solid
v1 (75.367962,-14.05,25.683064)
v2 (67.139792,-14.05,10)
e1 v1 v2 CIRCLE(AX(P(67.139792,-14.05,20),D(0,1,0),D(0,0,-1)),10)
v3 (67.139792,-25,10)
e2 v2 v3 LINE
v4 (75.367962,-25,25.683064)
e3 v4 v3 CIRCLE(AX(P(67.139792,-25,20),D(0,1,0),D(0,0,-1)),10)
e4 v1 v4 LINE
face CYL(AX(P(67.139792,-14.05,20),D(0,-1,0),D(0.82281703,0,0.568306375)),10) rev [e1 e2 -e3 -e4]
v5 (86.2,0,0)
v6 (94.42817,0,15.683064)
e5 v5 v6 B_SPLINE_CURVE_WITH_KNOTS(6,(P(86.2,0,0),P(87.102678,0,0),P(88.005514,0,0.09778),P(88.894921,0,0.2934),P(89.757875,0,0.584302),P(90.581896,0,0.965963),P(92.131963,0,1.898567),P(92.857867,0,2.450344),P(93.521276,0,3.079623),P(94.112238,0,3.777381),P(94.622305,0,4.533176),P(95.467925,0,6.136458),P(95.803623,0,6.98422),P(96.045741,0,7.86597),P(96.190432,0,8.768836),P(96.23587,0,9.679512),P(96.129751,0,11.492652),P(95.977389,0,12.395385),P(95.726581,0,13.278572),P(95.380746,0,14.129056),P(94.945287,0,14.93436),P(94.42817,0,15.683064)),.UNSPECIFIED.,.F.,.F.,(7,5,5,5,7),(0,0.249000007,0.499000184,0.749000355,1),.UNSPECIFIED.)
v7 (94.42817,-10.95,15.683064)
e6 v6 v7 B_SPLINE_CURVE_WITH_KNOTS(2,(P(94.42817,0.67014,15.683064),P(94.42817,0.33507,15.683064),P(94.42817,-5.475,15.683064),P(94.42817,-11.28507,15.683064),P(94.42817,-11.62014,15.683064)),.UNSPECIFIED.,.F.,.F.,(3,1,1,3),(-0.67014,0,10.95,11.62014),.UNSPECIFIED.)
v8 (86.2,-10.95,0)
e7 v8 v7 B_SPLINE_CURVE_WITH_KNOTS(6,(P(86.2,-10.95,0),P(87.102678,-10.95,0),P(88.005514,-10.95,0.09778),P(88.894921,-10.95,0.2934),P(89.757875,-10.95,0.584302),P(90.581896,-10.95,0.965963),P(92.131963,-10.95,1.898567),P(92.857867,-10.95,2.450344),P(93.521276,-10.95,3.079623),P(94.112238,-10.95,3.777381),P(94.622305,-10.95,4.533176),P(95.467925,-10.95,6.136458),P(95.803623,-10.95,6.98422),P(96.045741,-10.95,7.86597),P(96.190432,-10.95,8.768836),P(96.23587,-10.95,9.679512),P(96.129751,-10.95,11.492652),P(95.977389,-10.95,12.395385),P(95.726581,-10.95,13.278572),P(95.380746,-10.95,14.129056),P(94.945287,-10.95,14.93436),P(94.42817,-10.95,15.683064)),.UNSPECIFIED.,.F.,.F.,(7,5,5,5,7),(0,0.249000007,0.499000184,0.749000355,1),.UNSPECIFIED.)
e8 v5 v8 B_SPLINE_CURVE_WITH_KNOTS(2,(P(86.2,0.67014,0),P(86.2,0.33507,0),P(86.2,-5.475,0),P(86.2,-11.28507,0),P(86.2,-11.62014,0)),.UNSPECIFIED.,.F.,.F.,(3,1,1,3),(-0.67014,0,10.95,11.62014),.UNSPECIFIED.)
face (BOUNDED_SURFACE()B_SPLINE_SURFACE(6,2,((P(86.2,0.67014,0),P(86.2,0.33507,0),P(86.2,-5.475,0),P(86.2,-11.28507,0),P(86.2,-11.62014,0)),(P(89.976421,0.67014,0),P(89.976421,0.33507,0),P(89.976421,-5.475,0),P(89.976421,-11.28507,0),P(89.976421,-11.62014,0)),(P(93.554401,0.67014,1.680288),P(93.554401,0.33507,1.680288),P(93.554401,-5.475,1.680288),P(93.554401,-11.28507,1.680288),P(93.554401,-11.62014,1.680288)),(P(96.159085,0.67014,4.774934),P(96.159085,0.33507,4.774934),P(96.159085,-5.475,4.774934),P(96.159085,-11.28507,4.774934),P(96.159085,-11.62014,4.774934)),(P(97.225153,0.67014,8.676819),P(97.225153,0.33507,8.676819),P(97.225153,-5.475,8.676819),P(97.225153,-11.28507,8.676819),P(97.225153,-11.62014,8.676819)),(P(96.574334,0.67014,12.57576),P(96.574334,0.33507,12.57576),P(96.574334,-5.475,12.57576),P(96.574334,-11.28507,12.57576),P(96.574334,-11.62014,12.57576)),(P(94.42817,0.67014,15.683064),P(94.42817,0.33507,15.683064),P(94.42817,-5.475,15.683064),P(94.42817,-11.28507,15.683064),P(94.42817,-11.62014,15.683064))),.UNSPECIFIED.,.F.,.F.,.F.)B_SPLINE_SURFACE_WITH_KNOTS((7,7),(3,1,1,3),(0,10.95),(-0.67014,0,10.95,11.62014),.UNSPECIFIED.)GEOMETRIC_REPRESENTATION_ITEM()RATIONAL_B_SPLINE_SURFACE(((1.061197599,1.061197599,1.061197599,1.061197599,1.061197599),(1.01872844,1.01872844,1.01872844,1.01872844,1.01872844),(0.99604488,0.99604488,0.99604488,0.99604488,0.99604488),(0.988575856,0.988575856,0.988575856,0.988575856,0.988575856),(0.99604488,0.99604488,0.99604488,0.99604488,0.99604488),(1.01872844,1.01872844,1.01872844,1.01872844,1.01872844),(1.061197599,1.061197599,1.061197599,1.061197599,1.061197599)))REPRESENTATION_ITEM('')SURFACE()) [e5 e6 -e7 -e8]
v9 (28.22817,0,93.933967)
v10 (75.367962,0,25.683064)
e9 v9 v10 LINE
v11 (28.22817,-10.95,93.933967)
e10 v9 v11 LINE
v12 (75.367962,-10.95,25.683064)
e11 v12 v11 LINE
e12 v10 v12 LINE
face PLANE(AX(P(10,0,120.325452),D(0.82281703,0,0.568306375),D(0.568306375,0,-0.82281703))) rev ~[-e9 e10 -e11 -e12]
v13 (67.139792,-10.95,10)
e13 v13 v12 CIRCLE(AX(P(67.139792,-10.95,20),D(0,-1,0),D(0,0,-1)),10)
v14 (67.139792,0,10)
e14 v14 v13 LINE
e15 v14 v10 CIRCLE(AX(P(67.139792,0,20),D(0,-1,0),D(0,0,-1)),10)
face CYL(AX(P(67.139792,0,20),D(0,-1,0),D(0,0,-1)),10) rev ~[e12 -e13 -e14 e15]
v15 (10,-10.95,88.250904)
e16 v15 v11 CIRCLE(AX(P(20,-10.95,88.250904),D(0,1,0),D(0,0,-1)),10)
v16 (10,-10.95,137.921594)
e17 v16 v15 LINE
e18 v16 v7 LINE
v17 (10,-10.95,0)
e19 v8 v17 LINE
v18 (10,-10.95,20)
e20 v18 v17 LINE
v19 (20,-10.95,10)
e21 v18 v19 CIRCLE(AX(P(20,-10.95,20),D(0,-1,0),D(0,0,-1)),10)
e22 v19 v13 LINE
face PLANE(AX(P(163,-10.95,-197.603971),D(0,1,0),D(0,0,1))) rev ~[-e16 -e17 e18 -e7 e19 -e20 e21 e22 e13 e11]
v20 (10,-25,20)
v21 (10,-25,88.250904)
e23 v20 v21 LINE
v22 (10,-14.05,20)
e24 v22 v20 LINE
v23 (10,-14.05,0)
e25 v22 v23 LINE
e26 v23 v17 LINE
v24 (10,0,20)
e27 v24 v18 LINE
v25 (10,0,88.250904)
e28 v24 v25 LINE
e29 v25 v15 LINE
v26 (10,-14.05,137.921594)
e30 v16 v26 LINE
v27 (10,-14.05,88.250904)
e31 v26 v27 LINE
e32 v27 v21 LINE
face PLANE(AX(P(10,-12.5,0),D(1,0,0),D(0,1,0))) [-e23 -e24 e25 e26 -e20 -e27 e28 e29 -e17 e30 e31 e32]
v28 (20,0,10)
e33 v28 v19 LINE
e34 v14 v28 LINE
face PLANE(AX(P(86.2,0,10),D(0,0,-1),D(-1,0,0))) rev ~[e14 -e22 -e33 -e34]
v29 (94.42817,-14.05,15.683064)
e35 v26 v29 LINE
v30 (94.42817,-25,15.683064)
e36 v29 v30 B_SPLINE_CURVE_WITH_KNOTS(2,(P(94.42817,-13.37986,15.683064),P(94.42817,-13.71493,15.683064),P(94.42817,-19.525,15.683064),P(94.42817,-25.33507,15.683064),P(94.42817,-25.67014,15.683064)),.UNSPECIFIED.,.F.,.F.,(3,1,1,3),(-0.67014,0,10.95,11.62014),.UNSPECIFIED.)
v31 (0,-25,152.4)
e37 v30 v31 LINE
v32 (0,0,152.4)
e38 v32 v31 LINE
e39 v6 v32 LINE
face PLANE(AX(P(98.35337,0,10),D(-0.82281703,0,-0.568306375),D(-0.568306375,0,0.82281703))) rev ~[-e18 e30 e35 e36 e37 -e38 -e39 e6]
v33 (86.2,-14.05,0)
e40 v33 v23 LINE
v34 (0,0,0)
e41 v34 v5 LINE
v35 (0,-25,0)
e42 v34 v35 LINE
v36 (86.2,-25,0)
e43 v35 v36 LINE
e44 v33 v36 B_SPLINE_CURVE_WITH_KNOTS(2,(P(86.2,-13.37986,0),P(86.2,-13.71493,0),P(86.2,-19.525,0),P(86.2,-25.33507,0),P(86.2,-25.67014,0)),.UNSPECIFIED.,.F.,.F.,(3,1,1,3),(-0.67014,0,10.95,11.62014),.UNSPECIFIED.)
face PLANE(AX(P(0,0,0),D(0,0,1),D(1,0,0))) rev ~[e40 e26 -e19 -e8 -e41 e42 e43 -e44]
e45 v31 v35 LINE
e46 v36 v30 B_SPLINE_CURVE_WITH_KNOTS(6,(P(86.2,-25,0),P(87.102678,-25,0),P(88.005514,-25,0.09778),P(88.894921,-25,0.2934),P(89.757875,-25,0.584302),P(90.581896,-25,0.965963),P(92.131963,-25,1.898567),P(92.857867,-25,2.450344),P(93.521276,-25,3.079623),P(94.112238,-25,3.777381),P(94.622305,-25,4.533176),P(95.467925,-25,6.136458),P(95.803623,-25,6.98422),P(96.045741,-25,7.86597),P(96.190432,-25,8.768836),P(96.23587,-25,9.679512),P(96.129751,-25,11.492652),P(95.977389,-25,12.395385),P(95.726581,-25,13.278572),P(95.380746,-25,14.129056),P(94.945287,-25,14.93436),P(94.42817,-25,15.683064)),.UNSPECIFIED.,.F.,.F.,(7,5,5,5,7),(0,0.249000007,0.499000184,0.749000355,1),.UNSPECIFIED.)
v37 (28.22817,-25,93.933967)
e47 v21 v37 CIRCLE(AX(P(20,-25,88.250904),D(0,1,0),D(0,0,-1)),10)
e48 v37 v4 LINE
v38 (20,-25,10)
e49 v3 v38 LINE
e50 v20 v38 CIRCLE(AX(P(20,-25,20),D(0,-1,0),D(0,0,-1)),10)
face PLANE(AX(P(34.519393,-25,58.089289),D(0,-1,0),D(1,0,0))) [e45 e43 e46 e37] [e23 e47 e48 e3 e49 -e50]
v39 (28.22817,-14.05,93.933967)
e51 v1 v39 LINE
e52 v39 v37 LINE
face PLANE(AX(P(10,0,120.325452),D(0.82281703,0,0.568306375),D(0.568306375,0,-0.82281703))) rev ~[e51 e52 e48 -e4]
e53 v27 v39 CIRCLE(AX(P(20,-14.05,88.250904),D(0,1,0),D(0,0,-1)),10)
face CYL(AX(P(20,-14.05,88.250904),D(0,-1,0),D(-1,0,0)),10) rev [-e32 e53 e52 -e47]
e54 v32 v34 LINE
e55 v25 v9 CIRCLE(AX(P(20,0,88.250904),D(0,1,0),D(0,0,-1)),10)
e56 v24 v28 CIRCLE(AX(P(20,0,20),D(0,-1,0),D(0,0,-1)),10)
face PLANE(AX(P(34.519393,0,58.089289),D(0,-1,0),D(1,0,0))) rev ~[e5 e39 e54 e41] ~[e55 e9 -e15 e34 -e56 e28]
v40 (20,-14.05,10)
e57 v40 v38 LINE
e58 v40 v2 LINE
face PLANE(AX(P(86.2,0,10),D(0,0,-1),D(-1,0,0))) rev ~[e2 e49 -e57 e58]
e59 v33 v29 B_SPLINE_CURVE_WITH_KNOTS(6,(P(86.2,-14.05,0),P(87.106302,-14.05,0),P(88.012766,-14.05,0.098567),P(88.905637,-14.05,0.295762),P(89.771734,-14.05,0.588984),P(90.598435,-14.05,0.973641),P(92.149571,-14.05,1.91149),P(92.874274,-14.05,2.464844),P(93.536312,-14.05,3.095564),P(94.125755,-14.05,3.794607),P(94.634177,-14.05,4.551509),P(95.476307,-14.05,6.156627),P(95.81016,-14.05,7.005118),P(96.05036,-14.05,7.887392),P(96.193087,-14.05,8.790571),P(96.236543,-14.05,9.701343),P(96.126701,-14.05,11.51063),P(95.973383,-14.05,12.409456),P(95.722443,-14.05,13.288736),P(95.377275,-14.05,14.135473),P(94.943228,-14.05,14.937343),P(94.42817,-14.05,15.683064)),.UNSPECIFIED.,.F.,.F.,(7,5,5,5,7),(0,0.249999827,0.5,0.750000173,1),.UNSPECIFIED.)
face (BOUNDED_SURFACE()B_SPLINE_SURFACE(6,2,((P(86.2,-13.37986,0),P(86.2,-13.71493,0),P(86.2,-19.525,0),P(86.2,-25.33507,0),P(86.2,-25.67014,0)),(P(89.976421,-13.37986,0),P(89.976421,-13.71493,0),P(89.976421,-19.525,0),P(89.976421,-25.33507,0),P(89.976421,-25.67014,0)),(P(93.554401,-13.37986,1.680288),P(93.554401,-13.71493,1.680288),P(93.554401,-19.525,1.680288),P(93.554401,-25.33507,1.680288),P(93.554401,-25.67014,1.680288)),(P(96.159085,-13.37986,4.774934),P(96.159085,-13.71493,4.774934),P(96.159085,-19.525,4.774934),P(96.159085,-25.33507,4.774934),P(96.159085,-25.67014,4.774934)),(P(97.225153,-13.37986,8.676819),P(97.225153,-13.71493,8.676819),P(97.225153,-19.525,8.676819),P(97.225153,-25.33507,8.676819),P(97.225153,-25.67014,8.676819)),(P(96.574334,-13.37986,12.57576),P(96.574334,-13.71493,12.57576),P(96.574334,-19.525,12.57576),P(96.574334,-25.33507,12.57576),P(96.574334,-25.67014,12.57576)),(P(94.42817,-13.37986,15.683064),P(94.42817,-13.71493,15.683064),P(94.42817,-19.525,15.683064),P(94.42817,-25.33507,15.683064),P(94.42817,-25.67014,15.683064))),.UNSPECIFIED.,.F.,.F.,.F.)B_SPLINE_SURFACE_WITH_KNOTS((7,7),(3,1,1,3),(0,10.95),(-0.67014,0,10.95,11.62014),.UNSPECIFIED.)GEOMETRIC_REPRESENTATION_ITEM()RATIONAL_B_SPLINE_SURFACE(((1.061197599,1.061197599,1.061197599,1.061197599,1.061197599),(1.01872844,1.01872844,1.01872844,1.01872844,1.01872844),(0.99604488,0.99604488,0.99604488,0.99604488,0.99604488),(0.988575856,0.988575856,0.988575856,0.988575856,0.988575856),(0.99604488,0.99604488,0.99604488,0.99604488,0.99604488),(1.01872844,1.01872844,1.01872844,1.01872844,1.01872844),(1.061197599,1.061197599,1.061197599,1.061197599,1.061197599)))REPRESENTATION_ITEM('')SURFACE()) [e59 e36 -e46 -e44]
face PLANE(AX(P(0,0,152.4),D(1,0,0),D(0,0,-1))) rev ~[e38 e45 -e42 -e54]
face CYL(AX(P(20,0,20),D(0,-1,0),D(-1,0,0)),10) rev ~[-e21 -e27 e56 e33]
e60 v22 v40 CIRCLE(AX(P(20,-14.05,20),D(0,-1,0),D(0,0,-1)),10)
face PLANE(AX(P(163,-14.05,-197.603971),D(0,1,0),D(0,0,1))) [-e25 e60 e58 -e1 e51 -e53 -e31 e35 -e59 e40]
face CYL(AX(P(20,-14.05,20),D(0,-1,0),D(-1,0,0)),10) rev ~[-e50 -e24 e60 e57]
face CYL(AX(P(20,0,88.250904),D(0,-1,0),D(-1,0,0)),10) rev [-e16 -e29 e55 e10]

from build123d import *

# Parameters (mm, degrees)
F1_DEPTH = 25
F3_W     = 3.1
F3_H     = 395.207942
F4_DEPTH = 153
F5_R     = 10


with BuildPart() as f1:
    # F0 (on Front) → F1 (new body)
    with BuildSketch(Plane.XZ):
        Polygon((0, 0), (93.106838, 0), (105.260208, 0), (98.35337, 10), (0, 152.4), align=None)
        Polygon((10, 10), (10, 120.325452), (86.2, 10), align=None, mode=Mode.SUBTRACT)
    extrude(amount=F1_DEPTH)

    # F3 (on offset) → F4 (cut, through all)
    with BuildSketch(Plane.YZ.offset(163)):
        with Locations((-12.5, 0)):
            Rectangle(F3_W, F3_H)
    extrude(amount=-F4_DEPTH, mode=Mode.SUBTRACT)

    # F5
    f5_edges = [f1.edges().sort_by_distance(p)[0] for p in [
        (105.260208, -19.525, 0),
        (105.260208, -5.475, 0),
        (10, -19.525, 10),
        (10, -5.475, 10),
        (10, -19.525, 120.325452),
        (10, -5.475, 120.325452),
        (86.2, -19.525, 10),
        (86.2, -5.475, 10),
    ]]
    fillet(f5_edges, radius=F5_R)


solid = f1.part
